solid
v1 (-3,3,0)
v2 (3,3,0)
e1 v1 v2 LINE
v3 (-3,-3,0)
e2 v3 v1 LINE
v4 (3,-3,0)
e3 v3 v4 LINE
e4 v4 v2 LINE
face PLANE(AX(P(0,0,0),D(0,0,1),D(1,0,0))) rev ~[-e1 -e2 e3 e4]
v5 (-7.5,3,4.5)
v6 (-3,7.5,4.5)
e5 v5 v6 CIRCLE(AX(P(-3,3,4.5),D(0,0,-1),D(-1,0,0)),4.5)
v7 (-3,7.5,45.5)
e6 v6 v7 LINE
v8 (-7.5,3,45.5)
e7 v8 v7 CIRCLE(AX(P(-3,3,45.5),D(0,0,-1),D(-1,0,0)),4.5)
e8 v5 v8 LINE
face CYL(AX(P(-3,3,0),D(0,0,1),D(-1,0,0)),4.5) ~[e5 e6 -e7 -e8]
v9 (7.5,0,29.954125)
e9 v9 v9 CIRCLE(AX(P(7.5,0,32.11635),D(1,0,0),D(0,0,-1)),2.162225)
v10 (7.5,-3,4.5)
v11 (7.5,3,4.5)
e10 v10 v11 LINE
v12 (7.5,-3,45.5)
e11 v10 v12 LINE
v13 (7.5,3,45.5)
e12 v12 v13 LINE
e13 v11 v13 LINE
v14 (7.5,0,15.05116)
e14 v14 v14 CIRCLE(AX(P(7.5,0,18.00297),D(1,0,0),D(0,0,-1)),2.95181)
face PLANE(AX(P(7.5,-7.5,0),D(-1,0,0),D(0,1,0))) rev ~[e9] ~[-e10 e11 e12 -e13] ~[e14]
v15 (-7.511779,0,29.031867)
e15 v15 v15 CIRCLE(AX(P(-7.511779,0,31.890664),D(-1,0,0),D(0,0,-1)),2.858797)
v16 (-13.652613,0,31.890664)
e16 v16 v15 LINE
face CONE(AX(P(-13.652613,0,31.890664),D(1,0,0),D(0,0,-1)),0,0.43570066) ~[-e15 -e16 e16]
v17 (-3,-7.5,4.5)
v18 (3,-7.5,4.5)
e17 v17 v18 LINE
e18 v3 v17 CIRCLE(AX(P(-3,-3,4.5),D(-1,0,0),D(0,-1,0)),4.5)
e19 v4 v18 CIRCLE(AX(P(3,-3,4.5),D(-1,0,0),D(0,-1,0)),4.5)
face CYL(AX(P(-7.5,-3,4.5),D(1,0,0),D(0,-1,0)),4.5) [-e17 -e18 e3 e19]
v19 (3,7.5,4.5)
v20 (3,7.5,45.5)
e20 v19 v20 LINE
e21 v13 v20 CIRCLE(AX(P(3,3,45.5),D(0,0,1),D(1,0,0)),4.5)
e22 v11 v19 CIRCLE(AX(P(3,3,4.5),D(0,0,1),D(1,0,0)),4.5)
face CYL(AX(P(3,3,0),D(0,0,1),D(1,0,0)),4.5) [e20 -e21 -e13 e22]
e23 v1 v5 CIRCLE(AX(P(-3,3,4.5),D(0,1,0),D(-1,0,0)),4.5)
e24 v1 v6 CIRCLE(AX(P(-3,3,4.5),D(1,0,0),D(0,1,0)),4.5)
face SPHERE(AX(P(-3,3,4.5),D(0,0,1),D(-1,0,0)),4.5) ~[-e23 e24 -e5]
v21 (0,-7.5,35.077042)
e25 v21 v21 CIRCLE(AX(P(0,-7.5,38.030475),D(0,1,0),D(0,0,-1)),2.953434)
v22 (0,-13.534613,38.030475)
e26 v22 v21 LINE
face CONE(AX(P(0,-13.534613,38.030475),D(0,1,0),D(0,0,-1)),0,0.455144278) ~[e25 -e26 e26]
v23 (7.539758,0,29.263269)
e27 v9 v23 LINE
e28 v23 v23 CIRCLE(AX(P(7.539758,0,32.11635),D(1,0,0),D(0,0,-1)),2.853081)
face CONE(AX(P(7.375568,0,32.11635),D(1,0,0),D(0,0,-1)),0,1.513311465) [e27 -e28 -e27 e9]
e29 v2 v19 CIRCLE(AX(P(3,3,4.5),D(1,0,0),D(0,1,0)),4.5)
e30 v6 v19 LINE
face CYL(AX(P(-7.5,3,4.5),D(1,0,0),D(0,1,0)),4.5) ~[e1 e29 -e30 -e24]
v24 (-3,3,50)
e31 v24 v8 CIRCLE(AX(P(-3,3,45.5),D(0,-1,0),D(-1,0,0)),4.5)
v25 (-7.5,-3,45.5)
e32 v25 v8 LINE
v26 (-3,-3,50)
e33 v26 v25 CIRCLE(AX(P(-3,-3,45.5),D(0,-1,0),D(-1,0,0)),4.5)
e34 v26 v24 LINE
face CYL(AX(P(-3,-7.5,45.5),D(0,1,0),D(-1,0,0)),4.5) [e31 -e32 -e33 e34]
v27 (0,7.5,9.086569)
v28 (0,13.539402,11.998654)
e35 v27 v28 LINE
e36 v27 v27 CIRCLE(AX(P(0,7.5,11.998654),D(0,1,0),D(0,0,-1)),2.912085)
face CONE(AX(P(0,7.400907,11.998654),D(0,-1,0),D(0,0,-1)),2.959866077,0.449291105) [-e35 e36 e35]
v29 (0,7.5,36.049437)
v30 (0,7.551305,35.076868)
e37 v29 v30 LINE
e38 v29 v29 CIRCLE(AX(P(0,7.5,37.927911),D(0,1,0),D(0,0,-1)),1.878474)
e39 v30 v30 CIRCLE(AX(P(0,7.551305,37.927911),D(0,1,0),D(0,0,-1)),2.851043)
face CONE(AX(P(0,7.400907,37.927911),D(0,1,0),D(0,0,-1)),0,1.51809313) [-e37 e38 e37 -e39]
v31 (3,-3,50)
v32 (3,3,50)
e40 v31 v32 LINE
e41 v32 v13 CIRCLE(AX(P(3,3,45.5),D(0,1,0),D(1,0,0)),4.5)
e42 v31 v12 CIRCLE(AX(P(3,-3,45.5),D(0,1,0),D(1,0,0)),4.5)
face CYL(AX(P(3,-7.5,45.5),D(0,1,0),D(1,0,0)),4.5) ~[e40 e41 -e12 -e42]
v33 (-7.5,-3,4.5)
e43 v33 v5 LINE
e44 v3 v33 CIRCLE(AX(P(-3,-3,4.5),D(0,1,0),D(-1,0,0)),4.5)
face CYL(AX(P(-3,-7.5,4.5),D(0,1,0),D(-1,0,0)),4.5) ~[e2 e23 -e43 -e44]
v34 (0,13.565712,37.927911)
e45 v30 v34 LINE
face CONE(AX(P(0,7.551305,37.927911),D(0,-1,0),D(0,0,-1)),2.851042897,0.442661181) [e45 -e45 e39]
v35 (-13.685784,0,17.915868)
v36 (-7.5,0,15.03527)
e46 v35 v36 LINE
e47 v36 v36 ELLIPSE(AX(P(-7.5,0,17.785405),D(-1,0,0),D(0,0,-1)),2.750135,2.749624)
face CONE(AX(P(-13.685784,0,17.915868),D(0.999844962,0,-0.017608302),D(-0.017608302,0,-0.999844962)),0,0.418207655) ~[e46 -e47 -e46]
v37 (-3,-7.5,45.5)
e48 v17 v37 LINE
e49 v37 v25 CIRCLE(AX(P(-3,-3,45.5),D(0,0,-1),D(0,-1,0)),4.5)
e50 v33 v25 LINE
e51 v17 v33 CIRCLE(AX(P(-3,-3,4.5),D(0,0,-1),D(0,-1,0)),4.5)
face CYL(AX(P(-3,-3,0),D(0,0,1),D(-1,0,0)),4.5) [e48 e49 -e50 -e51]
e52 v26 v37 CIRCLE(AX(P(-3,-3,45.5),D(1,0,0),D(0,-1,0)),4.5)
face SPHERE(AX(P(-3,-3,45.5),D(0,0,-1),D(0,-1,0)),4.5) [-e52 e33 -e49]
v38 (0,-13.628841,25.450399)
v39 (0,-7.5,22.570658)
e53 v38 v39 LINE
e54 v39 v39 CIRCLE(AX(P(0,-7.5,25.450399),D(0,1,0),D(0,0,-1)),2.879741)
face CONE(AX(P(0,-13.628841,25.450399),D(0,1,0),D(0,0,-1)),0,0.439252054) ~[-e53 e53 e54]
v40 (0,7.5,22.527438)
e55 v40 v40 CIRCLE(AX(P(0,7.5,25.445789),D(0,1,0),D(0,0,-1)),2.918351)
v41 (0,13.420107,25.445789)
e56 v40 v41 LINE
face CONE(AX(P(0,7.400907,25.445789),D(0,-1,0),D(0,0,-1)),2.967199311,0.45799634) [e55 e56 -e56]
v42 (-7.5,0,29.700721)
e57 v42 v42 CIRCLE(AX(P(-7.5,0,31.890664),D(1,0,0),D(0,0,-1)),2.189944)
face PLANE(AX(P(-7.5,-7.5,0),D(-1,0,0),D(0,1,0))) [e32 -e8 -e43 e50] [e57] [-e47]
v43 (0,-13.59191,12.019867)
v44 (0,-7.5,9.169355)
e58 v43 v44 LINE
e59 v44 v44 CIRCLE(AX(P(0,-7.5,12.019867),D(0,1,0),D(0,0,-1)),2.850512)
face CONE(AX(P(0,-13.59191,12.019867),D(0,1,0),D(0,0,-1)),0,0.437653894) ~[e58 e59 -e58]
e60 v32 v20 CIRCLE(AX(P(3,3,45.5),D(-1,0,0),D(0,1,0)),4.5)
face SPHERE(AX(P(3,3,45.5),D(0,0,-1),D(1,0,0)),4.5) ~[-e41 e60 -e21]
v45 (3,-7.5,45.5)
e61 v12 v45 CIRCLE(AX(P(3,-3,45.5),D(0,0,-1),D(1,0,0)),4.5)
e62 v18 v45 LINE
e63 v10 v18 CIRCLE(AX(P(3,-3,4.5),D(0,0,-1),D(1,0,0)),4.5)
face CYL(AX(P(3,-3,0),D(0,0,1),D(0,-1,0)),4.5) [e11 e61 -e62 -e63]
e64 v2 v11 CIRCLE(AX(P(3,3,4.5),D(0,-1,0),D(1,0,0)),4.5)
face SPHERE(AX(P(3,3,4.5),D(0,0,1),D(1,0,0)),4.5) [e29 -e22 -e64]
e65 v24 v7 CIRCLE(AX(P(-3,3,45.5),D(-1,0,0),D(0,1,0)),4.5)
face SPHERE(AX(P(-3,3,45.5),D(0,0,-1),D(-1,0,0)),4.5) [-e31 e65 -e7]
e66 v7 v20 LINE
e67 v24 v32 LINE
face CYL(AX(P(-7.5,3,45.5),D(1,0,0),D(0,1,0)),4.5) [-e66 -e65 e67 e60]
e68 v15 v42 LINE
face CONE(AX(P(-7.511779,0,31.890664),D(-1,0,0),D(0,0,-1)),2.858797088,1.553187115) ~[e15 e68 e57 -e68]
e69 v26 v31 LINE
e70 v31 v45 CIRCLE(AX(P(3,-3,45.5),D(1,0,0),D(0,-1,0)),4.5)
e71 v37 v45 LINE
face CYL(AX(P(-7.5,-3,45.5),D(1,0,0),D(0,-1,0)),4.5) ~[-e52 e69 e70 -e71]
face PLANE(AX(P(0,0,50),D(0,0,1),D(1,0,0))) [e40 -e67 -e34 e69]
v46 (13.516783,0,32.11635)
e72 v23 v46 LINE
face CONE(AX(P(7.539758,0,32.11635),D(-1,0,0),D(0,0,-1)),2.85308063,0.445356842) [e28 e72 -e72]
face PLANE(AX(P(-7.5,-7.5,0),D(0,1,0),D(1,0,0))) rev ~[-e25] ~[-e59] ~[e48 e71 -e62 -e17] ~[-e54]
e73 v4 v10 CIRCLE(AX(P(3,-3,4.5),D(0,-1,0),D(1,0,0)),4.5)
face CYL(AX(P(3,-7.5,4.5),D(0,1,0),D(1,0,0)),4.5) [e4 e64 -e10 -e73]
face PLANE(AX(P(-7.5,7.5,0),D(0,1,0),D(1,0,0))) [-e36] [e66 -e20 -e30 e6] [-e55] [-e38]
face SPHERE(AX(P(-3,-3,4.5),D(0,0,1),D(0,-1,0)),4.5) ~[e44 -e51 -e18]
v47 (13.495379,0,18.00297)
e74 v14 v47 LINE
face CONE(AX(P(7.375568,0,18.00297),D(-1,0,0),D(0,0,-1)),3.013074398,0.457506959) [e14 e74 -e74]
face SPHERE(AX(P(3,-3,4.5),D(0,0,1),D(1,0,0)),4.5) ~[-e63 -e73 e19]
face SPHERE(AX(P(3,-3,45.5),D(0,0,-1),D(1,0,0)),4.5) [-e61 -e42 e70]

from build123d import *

# Parameters (mm, degrees)
F0_W     = 15
F0_H     = 15
F1_DEPTH = 50
F2_R     = 4.5


with BuildPart() as f1:
    # F0 (on Top) → F1 (new body)
    with BuildSketch(Plane.XY):
        Rectangle(F0_W, F0_H)
    extrude(amount=F1_DEPTH)

    # F2
    f2_edges = [f1.edges().sort_by_distance(p)[0] for p in [
        (7.5, -7.5, 25),
        (7.5, 7.5, 25),
        (7.5, 0, 0),
        (7.5, 0, 50),
        (-7.5, -7.5, 25),
        (0, -7.5, 0),
        (0, -7.5, 50),
        (-7.5, 7.5, 25),
        (-7.5, 0, 0),
        (-7.5, 0, 50),
        (0, 7.5, 0),
        (0, 7.5, 50),
    ]]
    fillet(f2_edges, radius=F2_R)

    # F3 (on Right) → F4 (revolve)
    with BuildSketch(Plane.YZ):
        Polygon((-7.4830586091, 35.0687503815), (-7.4501908384, 38.030475378), (-13.5346129537, 38.030475378), align=None)
    revolve(axis=Axis((0, -10.492401896, 38.030475378), (0, -1, 0)))

    # F3 (on Right) → F5 (revolve)
    with BuildSketch(Plane.YZ):
        Polygon((-7.4501908384, 22.5472543389), (-7.4830586091, 25.4503991455), (-13.6288413778, 25.4503991455), align=None)
    revolve(axis=Axis((0, -10.5559499934, 25.4503991455), (0, -1, 0)))

    # F3 (on Right) → F6 (revolve)
    with BuildSketch(Plane.YZ):
        Polygon((-7.4501908384, 9.1460486874), (-7.4501908384, 12.0198670775), (-13.5919097811, 12.0198670775), align=None)
    revolve(axis=Axis((0, -10.5210503098, 12.0198670775), (0, -1, 0)))

    # F7 (on Right) → F8 (revolve)
    with BuildSketch(Plane.YZ):
        Polygon((13.5657116771, 37.9279106855), (7.4009066448, 37.9279106855), (7.551304996, 35.076867789), align=None)
    revolve(axis=Axis((0, 10.4833091609, 37.9279106855), (0, 1, 0)))

    # F7 (on Right) → F9 (revolve)
    with BuildSketch(Plane.YZ):
        Polygon((13.4201068431, 25.4457890987), (7.4009066448, 25.4457890987), (7.4009066448, 22.4785897881), align=None)
    revolve(axis=Axis((0, 10.4105067439, 25.4457890987), (0, 1, 0)))

    # F7 (on Right) → F10 (revolve)
    with BuildSketch(Plane.YZ):
        Polygon((13.5394018143, 11.9986543432), (7.4009066448, 11.9986543432), (7.4009066448, 9.0387882665), align=None)
    revolve(axis=Axis((0, 10.4701542296, 11.9986543432), (0, 1, 0)))

    # F11 (on Front) → F12 (revolve)
    with BuildSketch(Plane.XZ):
        Polygon((13.516782783, 32.1163497865), (7.3755676858, 32.1163497865), (7.5397575274, 29.2632691562), align=None)
    revolve(axis=Axis((10.4461752344, 0, 32.1163497865), (1, 0, 0)))

    # F11 (on Front) → F13 (revolve)
    with BuildSketch(Plane.XZ):
        Polygon((13.4953791276, 18.0029701442), (7.3755676858, 18.0029701442), (7.3755676858, 14.9898957461), align=None)
    revolve(axis=Axis((10.4354734067, 0, 18.0029701442), (1, 0, 0)))

    # F14 (on Front) → F15 (revolve)
    with BuildSketch(Plane.XZ):
        Polygon((-7.5117792003, 29.0318671614), (-7.4614328332, 31.8906642497), (-13.6526133865, 31.8906642497), align=None)
    revolve(axis=Axis((-10.5570231099, 0, 31.8906642497), (-1, 0, 0)))

    # F14 (on Front) → F16 (revolve)
    with BuildSketch(Plane.XZ):
        Polygon((-7.4614328332, 15.0173101574), (-7.4614328332, 17.806250602), (-13.6857841818, 17.9158678529), align=None)
    revolve(axis=Axis((-10.5736085075, 0, 17.8610592275), (-0.9998449618, 0, 0.0176083016)))


solid = f1.part
